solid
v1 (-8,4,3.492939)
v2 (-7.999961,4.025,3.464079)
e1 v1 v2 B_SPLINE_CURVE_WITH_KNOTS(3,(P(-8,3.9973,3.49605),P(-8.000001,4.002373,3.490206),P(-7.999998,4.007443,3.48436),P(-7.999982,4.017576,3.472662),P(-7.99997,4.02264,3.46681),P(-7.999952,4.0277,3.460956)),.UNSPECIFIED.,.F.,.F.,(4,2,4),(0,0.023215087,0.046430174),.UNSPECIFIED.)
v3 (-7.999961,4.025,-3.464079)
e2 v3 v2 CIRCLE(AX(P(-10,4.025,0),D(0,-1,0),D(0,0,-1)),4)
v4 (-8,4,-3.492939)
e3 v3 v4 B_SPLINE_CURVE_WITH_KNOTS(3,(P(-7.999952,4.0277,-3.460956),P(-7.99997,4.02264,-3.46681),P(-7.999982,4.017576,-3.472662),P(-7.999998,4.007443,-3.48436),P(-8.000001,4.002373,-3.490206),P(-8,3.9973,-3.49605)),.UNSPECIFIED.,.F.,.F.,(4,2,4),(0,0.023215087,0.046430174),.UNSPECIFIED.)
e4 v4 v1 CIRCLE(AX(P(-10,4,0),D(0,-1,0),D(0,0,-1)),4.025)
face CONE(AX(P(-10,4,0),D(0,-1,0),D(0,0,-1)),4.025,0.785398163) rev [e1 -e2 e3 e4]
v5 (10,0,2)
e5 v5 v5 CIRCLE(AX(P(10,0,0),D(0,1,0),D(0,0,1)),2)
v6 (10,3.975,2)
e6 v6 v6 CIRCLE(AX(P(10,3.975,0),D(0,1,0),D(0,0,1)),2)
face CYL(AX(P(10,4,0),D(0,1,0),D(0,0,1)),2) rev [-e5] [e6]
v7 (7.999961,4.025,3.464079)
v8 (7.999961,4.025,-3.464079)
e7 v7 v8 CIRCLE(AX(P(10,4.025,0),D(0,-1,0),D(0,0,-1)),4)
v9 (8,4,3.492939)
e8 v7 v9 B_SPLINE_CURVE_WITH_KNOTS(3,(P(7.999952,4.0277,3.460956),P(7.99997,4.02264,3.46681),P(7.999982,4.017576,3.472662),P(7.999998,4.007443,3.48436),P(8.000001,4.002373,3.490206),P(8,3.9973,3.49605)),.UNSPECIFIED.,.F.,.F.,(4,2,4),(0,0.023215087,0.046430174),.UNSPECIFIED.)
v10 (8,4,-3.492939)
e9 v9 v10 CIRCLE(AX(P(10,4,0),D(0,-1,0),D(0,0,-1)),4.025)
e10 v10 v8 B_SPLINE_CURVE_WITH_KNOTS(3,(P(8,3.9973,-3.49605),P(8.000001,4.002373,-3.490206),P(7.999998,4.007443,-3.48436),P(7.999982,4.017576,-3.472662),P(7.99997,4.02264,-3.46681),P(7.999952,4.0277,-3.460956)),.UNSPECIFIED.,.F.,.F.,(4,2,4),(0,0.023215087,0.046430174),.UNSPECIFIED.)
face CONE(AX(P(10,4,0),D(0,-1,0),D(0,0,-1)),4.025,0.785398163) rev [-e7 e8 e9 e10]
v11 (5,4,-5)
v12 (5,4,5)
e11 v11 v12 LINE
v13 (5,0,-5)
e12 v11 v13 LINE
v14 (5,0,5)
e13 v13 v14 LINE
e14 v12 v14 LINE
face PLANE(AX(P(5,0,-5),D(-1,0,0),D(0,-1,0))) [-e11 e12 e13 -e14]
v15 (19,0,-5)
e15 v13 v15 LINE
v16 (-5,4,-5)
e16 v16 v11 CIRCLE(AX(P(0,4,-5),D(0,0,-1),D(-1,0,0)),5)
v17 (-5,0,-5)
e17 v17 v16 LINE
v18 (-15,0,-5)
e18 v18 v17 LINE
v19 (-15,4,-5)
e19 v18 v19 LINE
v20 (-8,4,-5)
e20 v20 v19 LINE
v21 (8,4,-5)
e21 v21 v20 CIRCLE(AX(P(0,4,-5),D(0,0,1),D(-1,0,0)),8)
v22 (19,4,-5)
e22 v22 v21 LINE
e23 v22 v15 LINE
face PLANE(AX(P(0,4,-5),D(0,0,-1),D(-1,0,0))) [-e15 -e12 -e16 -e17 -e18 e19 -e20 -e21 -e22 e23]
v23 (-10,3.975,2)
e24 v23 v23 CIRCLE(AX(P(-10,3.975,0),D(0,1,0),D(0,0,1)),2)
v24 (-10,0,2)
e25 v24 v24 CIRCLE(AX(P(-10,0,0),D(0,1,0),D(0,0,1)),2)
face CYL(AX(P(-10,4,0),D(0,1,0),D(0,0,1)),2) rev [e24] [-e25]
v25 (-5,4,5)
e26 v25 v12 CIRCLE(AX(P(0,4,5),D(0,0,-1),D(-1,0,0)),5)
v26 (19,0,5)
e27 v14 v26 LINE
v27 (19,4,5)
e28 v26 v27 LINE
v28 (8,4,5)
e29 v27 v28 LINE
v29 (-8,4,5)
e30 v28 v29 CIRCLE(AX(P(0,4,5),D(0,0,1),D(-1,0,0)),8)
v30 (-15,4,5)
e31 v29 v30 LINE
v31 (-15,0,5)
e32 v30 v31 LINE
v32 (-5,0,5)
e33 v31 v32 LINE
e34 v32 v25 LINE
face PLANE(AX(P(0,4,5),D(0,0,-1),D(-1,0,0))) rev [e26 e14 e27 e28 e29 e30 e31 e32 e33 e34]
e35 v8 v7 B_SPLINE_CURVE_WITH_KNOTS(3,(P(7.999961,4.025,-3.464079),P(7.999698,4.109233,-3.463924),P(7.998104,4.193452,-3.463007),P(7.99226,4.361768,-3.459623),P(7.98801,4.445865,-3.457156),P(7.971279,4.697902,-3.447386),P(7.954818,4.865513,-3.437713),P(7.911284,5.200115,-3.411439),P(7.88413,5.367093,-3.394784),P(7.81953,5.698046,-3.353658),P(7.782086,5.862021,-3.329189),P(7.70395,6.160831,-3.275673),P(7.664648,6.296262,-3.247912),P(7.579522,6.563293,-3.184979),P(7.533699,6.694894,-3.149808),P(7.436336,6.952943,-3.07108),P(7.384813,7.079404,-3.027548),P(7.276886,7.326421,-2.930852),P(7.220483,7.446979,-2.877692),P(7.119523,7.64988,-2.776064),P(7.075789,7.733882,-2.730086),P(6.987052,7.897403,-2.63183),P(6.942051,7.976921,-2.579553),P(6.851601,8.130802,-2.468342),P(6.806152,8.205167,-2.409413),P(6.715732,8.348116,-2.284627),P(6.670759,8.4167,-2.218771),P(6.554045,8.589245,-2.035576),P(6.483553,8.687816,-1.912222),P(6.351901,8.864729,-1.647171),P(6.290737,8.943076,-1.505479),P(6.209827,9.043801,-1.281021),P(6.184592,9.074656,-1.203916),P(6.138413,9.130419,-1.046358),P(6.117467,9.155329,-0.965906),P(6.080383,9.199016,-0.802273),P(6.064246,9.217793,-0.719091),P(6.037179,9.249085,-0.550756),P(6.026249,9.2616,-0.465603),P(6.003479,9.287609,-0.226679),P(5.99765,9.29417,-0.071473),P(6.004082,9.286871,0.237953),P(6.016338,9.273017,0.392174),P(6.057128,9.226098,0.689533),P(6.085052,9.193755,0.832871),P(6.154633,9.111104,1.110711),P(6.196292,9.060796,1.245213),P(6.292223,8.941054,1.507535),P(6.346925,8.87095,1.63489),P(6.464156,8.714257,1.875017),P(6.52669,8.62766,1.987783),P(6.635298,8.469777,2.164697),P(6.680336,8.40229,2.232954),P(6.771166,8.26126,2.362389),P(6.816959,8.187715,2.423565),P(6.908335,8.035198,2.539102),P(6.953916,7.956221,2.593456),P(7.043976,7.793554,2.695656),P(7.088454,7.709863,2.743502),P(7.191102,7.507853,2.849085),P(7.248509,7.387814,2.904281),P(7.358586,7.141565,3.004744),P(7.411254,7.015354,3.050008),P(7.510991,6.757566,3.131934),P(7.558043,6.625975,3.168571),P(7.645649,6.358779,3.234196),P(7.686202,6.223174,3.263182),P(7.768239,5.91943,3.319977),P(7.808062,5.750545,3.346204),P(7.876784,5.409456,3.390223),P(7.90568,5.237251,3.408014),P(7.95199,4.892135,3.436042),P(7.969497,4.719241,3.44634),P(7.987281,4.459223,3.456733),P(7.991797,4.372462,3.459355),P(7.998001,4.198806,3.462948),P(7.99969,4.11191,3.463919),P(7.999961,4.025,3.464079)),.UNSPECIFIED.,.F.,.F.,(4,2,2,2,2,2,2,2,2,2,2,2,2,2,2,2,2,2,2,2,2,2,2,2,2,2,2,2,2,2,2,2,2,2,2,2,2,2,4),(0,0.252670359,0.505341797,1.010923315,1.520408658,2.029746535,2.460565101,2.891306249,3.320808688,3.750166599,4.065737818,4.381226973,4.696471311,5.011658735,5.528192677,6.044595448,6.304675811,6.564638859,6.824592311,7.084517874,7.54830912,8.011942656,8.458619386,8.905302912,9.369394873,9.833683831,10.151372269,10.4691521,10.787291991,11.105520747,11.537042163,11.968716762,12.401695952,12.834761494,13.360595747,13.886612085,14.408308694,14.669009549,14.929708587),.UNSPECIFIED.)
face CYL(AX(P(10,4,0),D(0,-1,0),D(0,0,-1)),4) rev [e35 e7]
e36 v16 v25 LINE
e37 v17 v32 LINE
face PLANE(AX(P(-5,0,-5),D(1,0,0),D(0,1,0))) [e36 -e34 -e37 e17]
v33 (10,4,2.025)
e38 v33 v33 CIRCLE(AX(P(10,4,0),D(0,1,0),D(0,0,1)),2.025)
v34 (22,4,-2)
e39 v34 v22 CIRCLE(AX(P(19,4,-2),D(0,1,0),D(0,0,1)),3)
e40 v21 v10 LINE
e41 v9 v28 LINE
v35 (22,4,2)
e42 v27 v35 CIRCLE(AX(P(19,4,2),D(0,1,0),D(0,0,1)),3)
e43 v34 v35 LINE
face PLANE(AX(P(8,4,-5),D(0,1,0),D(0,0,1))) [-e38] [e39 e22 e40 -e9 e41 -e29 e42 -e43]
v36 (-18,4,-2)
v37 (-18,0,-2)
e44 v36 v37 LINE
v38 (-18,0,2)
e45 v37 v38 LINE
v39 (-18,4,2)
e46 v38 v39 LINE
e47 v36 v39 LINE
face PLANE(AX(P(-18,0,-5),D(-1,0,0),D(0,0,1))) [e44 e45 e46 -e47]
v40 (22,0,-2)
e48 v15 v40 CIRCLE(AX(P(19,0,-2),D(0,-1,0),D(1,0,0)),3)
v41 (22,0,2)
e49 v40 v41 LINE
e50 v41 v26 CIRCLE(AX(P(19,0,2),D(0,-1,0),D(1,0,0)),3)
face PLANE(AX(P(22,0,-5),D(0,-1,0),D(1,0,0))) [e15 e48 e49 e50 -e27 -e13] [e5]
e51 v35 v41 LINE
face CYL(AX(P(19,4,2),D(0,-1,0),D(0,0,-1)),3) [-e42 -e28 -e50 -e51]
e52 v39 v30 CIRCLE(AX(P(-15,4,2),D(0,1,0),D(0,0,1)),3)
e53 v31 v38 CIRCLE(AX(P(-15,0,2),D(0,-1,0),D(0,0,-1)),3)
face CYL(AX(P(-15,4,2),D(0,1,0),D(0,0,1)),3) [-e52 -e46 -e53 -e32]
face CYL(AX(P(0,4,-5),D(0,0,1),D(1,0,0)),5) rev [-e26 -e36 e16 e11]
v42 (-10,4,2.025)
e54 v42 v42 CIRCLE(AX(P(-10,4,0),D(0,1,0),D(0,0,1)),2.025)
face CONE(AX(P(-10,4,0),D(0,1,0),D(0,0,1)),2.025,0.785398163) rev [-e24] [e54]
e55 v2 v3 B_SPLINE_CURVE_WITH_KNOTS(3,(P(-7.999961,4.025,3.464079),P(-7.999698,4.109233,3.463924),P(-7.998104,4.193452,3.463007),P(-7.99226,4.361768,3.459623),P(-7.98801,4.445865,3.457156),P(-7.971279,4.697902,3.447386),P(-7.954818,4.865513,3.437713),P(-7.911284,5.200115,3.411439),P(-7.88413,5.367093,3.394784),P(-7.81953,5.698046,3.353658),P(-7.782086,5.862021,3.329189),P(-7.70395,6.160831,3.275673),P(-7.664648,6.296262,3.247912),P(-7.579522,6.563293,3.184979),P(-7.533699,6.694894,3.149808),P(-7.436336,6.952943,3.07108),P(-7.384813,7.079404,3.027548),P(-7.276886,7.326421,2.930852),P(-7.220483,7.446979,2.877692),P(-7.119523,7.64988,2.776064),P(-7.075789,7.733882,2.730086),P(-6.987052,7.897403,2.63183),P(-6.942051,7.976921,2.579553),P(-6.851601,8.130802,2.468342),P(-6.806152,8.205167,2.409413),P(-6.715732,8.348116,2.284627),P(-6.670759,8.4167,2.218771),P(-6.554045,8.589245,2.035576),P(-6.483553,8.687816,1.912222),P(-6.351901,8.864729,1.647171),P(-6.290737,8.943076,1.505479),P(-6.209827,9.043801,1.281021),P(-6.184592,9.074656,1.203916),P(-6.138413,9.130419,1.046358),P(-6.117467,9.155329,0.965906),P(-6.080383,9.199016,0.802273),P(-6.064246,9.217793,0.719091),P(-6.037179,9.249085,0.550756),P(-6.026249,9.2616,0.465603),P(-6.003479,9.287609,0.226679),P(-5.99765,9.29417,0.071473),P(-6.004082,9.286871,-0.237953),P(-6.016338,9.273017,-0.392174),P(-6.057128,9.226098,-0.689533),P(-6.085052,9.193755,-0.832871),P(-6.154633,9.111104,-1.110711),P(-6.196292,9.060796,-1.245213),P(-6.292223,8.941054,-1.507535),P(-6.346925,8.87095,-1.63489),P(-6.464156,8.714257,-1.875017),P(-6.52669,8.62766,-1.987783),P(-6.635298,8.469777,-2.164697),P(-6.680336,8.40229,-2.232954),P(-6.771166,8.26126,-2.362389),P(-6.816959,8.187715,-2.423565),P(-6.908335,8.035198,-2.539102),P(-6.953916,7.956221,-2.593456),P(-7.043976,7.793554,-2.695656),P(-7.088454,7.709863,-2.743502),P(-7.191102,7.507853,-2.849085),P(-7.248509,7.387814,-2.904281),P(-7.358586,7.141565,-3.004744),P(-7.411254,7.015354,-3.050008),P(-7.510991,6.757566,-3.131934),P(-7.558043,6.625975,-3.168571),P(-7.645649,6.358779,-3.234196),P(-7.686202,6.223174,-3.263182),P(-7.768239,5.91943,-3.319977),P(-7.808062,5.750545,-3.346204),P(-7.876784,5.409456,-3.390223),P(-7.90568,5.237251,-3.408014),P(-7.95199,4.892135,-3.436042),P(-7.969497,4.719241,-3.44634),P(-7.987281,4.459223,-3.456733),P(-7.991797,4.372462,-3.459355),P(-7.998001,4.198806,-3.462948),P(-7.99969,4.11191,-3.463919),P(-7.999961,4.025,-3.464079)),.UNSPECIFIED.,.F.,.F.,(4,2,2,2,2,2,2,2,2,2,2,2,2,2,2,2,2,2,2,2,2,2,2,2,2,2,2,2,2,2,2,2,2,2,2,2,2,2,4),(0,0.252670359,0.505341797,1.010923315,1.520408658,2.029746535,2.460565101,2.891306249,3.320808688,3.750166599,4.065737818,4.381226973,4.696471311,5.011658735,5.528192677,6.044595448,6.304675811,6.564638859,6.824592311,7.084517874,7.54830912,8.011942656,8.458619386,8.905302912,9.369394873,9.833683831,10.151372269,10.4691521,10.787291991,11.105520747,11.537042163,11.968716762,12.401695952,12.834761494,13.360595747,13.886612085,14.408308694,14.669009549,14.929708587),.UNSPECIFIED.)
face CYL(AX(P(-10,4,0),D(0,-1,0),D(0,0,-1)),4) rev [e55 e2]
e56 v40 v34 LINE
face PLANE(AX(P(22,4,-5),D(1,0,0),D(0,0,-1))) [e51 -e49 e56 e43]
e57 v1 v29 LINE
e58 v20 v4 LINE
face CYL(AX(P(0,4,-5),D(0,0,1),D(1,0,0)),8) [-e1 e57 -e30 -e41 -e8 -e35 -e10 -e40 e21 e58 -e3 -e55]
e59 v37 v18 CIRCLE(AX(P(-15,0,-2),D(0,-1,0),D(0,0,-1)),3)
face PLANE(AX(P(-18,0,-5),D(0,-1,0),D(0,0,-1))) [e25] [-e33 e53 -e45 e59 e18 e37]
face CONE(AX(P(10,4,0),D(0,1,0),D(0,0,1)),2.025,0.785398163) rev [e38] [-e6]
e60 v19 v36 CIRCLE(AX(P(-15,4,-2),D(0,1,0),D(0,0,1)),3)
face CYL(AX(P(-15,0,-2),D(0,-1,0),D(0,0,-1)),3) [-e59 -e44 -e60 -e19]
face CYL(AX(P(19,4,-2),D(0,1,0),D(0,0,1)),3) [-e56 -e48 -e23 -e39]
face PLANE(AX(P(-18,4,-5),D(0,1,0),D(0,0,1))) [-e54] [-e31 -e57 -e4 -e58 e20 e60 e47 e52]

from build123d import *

# Parameters (mm, degrees)
BOSS_EXTRUDE1_DEPTH            = 5
BOSS_EXTRUDE1_DEPTH_BACK       = 5
F_4_0MM_DOWEL_HOLE2_AT_2_COUNT = 2
F_4_0MM_DOWEL_HOLE2_AT_2_PITCH = 20
FILLET1_R                      = 3
F_8_0MM_DOWEL_HOLE1_AT_2_COUNT = 2
F_8_0MM_DOWEL_HOLE1_AT_2_PITCH = 20


with BuildPart() as part:
    # Sketch1 → Boss-Extrude1 (new, two sides: drawn at the far end of the back side and taken through both)
    with BuildSketch(Plane.XY.offset(-BOSS_EXTRUDE1_DEPTH_BACK)):
        with BuildLine():
            Line((-18, 0), (-5, 0))
            Line((-5, 0), (-5, 4))
            ThreePointArc((-5, 4), (0, 9), (5, 4))
            Line((5, 4), (5, 0))
            Line((5, 0), (22, 0))
            Line((22, 0), (22, 4))
            Line((22, 4), (8, 4))
            ThreePointArc((8, 4), (0, 12), (-8, 4))
            Line((-8, 4), (-18, 4))
            Line((-18, 4), (-18, 0))
        make_face()
    extrude(amount=BOSS_EXTRUDE1_DEPTH + BOSS_EXTRUDE1_DEPTH_BACK)

    # Sketch7 → Ø4.0mm Dowel Hole2 (revolve, cut)
    with BuildSketch(Plane(origin=(10, 4, 0), x_dir=(0, 0, 1), z_dir=(1, 0, 0))):
        Polygon((0, 0), (0, 4), (2, 4), (2, 0.025), (2.025, 0), align=None)
    f_4_0mm_dowel_hole2 = revolve(axis=Axis((10, 10.35, 0), (0, -1, 0)), mode=Mode.SUBTRACT)

    # Ø4.0mm Dowel Hole2 at 2: Ø4.0mm Dowel Hole2 ×2
    with Locations(*[(-i * F_4_0MM_DOWEL_HOLE2_AT_2_PITCH, 0, 0) for i in range(1, F_4_0MM_DOWEL_HOLE2_AT_2_COUNT)]):
        add(f_4_0mm_dowel_hole2, mode=Mode.SUBTRACT)

    # Fillet1
    fillet1_edges = [part.edges().sort_by_distance(p)[0] for p in [
        (22, 2, 5),
        (-18, 2, 5),
        (22, 2, -5),
        (-18, 2, -5),
    ]]
    fillet(fillet1_edges, radius=FILLET1_R)

    # Sketch10 → Ø8.0mm Dowel Hole1 (revolve, cut)
    with BuildSketch(Plane(origin=(-10, 4, 0), x_dir=(0, 0, -1), z_dir=(1, 0, 0))):
        Polygon((0, 0), (0, 8), (4, 8), (4, 0.025), (4.025, 0), align=None)
    f_8_0mm_dowel_hole1 = revolve(axis=Axis((-10, -2.35, 0), (0, 1, 0)), mode=Mode.SUBTRACT)

    # Ø8.0mm Dowel Hole1 at 2: Ø8.0mm Dowel Hole1 ×2
    with Locations(*[(i * F_8_0MM_DOWEL_HOLE1_AT_2_PITCH, 0, 0) for i in range(1, F_8_0MM_DOWEL_HOLE1_AT_2_COUNT)]):
        add(f_8_0mm_dowel_hole1, mode=Mode.SUBTRACT)


solid = part.part
